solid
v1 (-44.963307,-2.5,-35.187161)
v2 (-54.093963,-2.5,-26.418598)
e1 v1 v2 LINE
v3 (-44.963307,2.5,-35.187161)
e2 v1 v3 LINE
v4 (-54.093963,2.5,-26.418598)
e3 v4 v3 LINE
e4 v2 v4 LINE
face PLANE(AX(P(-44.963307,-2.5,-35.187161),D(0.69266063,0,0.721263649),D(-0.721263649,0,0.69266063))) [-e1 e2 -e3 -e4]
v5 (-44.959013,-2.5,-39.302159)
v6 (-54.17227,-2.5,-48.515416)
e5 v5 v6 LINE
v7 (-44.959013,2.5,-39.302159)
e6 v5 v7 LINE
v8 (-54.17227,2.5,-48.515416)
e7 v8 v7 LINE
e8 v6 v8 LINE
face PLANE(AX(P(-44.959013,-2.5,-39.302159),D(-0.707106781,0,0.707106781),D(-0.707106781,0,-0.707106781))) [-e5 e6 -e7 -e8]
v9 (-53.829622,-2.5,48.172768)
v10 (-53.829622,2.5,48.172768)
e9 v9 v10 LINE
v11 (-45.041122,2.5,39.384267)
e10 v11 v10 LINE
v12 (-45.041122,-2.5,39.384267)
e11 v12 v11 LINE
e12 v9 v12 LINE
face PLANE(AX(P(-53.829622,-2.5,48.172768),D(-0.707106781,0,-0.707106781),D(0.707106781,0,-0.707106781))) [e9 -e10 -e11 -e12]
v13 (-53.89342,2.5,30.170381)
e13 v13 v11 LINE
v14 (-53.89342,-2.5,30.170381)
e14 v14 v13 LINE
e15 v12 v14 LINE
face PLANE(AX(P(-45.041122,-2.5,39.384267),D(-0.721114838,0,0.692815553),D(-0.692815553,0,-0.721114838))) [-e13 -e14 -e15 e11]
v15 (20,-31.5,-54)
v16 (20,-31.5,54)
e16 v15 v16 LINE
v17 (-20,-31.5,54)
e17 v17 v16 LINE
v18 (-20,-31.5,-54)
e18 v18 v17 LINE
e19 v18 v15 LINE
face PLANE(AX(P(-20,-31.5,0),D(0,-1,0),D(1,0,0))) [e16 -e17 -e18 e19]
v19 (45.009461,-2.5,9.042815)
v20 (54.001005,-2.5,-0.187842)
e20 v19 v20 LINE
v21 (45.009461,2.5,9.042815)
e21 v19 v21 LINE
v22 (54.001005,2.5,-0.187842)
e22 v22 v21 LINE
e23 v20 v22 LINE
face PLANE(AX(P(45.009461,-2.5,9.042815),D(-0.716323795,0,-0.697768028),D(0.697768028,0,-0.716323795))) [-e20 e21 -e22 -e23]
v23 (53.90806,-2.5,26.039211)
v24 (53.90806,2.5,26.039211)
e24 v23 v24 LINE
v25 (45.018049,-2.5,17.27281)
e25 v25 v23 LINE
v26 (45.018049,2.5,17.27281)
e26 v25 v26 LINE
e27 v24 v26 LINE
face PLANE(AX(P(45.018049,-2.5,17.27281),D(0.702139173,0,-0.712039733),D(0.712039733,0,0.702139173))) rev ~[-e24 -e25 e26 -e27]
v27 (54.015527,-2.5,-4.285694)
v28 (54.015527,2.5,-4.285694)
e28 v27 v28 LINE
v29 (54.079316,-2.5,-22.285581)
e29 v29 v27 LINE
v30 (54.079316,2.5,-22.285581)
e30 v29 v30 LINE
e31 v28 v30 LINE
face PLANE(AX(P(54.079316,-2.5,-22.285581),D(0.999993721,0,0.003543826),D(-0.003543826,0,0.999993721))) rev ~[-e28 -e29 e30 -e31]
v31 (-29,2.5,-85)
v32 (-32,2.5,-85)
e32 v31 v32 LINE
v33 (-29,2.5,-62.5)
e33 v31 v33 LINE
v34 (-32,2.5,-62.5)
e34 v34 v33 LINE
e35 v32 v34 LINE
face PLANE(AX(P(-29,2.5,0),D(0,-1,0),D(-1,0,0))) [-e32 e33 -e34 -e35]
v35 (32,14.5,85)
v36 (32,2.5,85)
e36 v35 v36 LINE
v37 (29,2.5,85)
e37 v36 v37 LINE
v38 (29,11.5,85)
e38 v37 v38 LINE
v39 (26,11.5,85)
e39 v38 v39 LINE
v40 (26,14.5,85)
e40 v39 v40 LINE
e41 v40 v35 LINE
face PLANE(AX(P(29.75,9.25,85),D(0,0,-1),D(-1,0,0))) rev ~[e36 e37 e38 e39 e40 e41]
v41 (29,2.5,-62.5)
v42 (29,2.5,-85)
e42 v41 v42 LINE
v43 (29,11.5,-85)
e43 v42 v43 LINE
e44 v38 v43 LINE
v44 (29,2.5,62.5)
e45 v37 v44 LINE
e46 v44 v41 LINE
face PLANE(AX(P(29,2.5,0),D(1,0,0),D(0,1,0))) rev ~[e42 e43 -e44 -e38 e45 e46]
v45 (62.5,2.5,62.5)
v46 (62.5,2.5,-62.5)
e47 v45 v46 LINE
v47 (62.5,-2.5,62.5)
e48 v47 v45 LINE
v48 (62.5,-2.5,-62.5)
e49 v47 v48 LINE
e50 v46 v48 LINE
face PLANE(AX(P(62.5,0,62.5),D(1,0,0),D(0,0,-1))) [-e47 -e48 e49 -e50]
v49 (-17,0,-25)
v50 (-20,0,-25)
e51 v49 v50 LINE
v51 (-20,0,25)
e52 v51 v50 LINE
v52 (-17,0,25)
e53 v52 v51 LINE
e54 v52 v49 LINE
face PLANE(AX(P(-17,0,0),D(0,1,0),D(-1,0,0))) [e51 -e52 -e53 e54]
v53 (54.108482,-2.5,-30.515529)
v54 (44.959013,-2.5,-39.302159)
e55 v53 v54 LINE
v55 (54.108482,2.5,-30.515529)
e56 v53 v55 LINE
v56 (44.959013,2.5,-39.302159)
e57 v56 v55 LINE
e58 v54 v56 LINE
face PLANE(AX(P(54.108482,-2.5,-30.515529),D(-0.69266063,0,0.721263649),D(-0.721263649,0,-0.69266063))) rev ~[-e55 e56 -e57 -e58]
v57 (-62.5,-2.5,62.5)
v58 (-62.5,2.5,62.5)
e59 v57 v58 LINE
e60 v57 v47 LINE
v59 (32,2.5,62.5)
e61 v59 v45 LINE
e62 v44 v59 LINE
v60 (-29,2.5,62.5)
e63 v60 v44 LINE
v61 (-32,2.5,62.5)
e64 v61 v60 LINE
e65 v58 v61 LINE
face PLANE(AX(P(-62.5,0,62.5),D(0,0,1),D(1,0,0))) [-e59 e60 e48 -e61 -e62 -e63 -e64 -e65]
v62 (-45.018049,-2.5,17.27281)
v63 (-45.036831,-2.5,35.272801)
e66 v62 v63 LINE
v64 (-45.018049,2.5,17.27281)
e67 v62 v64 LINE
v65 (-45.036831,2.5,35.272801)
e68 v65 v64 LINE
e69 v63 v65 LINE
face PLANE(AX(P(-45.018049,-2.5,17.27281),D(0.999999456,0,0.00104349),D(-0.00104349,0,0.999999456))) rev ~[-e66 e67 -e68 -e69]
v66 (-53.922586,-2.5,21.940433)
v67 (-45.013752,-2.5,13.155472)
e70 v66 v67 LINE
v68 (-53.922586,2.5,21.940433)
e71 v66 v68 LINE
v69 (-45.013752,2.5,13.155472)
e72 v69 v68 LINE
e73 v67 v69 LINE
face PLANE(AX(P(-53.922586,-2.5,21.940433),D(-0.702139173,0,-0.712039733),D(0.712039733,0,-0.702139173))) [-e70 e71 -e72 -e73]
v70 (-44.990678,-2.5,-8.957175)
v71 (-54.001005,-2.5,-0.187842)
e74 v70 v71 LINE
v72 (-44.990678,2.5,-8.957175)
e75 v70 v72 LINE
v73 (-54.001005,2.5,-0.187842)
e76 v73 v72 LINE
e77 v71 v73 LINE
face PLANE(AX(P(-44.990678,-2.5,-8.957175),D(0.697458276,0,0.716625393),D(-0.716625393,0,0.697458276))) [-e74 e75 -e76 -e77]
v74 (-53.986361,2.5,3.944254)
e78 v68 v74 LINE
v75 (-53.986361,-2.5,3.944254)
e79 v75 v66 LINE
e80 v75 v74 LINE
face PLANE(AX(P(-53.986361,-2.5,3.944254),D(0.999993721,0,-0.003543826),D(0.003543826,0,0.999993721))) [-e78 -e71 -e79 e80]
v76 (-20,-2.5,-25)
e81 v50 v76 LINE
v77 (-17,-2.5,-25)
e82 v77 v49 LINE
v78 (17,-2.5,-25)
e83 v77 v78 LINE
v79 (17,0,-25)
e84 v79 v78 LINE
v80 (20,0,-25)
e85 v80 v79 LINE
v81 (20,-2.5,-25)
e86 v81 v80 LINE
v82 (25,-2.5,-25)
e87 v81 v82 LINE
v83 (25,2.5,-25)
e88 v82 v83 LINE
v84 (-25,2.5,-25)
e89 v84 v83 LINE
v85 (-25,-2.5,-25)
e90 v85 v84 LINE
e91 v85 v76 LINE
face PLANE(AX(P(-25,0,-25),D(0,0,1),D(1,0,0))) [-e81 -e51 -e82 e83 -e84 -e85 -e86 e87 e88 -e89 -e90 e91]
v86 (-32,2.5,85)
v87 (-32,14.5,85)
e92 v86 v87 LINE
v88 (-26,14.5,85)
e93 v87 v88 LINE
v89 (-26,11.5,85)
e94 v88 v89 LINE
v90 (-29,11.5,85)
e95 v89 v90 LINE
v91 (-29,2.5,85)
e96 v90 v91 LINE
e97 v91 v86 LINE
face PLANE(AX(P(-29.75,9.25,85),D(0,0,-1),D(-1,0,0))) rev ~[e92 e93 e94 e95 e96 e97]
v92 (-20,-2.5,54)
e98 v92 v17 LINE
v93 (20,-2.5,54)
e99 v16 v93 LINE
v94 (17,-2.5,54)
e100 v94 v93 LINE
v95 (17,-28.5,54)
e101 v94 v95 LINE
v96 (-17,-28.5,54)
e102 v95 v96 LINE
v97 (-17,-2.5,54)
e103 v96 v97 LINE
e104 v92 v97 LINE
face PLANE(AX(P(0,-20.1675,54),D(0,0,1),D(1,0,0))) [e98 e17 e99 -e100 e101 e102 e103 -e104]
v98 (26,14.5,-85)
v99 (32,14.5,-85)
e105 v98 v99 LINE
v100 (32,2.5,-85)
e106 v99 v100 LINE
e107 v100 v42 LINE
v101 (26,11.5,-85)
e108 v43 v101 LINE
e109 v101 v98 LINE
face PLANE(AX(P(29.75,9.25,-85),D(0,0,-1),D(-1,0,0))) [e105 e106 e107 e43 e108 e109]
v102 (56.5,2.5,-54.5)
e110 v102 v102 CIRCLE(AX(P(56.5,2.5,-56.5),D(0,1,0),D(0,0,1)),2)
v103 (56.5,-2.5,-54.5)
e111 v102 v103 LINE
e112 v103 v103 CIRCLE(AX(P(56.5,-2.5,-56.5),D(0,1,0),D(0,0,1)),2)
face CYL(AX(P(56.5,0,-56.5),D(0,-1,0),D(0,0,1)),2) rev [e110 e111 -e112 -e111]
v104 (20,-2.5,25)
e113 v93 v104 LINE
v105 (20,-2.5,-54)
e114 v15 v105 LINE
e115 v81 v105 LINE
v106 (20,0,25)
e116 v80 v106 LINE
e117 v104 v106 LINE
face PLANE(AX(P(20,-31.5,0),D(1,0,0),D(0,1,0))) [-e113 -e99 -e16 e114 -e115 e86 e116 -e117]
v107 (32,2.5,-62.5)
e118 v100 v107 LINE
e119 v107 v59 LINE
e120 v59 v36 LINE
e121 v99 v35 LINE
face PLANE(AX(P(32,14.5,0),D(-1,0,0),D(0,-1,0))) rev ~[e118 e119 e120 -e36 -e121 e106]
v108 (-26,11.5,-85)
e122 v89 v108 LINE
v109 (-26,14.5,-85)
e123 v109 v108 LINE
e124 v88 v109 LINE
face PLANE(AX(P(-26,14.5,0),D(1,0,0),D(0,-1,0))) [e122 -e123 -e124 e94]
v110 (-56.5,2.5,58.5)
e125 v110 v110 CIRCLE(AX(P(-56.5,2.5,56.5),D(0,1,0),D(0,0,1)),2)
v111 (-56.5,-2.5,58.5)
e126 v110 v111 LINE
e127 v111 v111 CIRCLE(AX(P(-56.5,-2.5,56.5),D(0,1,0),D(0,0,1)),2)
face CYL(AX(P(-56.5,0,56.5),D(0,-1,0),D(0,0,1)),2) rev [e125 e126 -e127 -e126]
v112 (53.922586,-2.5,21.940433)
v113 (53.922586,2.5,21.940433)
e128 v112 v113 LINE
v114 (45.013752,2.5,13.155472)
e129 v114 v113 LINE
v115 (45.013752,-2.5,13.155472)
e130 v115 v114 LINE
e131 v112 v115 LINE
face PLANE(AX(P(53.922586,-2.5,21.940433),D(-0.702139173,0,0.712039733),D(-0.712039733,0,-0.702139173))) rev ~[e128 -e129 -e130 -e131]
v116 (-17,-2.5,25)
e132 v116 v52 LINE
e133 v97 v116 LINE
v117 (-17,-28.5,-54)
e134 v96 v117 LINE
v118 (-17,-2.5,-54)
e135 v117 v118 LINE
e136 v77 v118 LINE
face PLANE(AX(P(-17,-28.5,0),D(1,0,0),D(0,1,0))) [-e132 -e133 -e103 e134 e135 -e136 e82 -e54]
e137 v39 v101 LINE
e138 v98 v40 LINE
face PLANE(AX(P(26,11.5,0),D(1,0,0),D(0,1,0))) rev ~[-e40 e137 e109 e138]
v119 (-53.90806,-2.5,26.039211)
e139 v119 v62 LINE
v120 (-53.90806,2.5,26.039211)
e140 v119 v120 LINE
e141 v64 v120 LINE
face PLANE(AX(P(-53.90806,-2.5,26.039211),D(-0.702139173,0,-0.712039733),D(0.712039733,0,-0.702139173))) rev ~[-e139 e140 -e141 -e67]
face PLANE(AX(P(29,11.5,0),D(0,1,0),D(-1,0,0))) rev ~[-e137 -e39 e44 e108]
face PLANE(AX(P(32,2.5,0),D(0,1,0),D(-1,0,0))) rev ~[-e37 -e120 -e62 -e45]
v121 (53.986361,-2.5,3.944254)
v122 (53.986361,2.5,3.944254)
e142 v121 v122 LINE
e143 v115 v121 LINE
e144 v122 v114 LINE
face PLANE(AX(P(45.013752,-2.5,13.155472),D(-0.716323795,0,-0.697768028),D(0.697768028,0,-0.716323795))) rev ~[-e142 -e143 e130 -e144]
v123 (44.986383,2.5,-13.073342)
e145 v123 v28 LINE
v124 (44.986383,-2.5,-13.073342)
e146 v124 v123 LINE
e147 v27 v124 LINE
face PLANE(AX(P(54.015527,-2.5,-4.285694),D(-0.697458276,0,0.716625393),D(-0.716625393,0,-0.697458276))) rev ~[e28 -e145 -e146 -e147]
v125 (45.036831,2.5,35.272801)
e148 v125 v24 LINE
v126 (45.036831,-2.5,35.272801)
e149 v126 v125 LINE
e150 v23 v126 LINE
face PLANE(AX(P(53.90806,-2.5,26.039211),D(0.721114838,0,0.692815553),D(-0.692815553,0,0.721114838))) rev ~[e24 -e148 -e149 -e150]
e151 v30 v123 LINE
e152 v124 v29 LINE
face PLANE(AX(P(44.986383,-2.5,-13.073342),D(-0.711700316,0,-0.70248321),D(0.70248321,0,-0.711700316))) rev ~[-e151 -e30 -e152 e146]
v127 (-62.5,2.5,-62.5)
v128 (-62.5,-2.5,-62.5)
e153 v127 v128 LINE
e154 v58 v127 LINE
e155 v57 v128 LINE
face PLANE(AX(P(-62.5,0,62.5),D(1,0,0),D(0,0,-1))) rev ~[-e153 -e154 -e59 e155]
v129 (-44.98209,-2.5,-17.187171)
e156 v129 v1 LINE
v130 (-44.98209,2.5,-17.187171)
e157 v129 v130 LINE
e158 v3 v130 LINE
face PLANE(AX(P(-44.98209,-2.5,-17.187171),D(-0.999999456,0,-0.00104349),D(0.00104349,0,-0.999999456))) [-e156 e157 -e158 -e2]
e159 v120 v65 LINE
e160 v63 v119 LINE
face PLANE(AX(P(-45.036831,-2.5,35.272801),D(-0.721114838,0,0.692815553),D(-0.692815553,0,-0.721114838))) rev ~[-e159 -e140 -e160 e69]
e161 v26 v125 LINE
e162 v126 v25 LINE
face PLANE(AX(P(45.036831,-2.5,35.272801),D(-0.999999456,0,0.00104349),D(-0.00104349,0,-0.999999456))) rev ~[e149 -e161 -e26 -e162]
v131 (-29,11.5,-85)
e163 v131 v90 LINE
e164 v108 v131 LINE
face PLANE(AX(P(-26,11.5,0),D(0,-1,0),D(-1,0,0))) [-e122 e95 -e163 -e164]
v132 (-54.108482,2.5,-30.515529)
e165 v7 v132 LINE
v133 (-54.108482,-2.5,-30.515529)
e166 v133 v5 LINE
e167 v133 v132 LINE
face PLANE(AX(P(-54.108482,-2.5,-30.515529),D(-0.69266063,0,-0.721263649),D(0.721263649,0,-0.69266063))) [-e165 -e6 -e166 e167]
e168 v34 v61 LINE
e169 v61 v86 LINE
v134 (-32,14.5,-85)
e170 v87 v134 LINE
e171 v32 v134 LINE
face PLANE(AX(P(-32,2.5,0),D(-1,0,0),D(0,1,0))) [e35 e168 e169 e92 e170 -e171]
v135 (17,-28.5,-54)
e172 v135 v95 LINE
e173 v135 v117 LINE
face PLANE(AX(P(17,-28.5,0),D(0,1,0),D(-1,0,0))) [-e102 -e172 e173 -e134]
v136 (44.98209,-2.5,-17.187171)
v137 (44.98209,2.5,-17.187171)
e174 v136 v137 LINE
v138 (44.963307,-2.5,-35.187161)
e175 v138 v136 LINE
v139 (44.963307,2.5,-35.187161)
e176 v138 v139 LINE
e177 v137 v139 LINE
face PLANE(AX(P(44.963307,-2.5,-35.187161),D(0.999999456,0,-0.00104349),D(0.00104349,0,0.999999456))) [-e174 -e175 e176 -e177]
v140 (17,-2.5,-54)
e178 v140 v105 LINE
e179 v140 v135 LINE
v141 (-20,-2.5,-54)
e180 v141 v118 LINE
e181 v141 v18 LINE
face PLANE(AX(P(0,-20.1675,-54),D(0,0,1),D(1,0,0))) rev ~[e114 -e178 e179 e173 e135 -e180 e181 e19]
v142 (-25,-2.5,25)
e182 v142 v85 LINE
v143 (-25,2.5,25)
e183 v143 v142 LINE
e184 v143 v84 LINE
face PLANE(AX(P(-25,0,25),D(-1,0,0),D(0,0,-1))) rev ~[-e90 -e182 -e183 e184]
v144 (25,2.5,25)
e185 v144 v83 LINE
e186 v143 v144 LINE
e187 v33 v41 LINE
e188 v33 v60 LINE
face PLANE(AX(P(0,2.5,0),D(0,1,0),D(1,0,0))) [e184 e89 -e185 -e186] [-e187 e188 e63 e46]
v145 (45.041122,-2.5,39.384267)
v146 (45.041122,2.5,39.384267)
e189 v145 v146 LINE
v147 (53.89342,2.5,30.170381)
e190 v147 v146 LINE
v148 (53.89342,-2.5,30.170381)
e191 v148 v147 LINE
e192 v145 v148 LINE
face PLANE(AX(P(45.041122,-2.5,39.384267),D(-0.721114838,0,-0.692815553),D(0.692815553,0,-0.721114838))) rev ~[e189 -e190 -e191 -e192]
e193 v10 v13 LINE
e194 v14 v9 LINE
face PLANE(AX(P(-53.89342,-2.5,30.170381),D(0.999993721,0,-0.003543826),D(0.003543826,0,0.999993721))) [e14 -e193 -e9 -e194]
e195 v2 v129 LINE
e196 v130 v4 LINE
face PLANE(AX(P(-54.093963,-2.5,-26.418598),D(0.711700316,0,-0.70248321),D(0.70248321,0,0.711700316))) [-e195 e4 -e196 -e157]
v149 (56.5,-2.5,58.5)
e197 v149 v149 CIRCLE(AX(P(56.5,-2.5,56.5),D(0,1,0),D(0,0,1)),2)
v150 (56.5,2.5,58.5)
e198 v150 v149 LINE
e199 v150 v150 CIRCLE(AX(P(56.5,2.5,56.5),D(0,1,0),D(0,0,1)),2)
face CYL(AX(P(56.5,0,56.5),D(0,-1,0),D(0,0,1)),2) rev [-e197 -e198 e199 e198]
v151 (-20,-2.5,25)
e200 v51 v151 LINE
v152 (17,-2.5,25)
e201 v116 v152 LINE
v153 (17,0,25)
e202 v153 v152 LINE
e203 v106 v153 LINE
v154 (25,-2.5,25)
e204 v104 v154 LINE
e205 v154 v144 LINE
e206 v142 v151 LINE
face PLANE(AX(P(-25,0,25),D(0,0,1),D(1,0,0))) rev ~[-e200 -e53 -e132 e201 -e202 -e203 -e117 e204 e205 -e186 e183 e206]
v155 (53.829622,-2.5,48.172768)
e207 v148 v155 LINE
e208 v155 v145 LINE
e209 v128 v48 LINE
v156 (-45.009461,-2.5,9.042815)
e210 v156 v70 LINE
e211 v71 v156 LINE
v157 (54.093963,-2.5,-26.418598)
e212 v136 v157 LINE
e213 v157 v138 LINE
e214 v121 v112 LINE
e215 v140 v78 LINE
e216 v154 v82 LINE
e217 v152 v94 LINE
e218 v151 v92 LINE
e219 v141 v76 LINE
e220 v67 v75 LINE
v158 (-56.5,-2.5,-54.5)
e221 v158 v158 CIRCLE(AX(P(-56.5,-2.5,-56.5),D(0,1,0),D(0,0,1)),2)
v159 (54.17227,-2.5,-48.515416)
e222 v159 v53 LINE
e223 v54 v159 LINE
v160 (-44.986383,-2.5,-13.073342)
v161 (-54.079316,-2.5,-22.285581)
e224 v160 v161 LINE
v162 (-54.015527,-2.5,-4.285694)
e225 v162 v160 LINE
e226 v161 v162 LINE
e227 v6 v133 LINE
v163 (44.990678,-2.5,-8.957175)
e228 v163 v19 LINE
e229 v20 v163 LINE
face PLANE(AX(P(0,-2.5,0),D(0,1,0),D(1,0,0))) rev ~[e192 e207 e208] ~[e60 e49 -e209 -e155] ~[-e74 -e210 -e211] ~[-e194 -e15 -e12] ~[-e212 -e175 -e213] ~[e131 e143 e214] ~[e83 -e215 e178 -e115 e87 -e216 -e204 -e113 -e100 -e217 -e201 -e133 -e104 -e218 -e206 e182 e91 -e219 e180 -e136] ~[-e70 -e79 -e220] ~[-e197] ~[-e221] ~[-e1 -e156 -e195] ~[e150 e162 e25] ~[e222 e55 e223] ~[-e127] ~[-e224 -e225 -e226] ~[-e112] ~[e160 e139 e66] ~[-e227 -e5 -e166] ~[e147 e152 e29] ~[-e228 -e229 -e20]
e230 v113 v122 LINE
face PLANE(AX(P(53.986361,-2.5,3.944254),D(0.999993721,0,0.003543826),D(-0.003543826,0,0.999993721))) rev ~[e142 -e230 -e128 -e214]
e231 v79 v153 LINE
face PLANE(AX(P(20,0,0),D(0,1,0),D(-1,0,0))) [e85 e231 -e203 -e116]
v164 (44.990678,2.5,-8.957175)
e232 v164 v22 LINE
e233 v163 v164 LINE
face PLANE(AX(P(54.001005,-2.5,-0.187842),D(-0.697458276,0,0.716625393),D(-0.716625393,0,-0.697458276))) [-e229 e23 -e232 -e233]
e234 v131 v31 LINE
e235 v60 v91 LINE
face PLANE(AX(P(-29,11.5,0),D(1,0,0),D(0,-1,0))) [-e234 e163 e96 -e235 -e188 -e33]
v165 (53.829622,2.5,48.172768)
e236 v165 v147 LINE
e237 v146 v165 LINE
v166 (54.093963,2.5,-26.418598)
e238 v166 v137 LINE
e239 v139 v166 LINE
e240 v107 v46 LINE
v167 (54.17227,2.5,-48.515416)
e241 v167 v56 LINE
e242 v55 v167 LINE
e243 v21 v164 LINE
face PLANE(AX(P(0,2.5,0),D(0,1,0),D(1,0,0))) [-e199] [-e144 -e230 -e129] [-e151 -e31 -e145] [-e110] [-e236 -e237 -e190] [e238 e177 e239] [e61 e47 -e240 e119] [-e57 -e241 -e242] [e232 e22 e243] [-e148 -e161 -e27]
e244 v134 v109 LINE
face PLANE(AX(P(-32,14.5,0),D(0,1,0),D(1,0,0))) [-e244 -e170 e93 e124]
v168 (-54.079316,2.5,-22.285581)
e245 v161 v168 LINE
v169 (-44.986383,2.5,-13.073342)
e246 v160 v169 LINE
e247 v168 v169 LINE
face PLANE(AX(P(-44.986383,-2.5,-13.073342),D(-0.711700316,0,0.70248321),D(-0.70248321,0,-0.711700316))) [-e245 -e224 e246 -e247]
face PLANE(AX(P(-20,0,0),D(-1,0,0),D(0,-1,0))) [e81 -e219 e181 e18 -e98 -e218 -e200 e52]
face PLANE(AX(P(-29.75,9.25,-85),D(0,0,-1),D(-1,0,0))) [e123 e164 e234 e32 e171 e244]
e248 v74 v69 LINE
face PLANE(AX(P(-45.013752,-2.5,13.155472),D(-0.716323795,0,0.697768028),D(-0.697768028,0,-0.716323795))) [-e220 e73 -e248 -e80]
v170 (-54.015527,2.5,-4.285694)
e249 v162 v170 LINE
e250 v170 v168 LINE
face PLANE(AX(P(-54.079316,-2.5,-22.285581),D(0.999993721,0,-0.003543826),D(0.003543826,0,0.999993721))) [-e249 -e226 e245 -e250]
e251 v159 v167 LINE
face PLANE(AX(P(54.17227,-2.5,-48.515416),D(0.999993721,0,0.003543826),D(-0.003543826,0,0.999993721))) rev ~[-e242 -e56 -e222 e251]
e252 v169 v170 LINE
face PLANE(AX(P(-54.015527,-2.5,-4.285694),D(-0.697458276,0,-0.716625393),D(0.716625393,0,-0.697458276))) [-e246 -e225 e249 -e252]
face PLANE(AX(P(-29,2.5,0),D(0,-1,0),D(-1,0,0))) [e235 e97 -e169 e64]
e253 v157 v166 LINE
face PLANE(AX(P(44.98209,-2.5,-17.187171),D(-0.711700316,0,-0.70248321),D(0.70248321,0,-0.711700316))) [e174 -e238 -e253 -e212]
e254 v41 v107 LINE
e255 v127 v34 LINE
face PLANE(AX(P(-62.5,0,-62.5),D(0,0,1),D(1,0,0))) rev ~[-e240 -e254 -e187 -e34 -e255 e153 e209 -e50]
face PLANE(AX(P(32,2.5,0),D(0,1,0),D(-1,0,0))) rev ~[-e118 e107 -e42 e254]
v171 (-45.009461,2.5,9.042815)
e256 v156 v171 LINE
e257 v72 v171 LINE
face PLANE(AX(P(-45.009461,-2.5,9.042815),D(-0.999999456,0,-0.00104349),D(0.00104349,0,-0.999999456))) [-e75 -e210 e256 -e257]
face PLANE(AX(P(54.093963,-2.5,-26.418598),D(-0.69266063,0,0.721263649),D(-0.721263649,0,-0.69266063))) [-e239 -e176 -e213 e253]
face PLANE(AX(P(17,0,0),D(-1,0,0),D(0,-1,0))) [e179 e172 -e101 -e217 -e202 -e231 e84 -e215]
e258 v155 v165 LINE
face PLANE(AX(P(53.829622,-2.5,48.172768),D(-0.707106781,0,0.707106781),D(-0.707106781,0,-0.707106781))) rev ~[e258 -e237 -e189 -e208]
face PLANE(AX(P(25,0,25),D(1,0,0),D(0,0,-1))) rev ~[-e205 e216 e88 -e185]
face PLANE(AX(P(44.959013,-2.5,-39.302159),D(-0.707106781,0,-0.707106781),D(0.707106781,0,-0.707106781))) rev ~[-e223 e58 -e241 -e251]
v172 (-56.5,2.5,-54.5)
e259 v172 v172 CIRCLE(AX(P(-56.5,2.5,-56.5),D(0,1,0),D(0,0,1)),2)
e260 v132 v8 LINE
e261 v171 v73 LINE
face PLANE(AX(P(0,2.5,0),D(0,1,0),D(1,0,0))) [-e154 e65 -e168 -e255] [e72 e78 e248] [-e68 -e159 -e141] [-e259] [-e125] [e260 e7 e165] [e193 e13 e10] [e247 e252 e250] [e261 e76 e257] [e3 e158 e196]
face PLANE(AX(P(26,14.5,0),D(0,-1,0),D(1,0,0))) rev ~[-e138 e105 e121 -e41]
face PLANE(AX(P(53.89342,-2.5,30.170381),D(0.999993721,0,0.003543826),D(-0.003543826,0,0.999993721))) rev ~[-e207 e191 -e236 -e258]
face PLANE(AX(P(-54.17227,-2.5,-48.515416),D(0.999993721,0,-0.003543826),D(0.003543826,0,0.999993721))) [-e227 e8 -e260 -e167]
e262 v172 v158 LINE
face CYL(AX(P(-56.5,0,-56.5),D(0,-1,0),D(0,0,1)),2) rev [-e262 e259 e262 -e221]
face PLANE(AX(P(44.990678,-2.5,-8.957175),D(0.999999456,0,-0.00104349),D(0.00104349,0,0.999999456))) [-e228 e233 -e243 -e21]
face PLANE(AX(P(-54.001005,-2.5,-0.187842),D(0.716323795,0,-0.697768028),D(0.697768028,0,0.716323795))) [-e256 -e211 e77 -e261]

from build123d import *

# Parameters (mm, degrees)
SKETCH_2_W               = 125
SKETCH_2_H               = 125
SKETCH_2_R               = 2
SKETCH_2_W_2             = 50
SKETCH_2_H_2             = 50
EXTRUDE_1_DEPTH          = 2.5
EXTRUDE_4_DEPTH          = 54
CUT_EXTRUDE_2_DEPTH      = 95.702164706
CUT_EXTRUDE_2_DEPTH_BACK = 5
EXTRUDE_7_DEPTH          = 85


with BuildPart() as part:
    # 스케치2 → 보스-돌출1 (new, symmetric)
    with BuildSketch(Plane(origin=(0, 0, 0), x_dir=(1, 0, 0), z_dir=(0, 1, 0))):
        Rectangle(SKETCH_2_W, SKETCH_2_H)
        with Locations((-56.5, 56.5)):
            Circle(SKETCH_2_R, mode=Mode.SUBTRACT)
        with Locations((56.5, 56.5)):
            Circle(SKETCH_2_R, mode=Mode.SUBTRACT)
        with Locations((-56.5, -56.5)):
            Circle(SKETCH_2_R, mode=Mode.SUBTRACT)
        with Locations((56.5, -56.5)):
            Circle(SKETCH_2_R, mode=Mode.SUBTRACT)
        Rectangle(SKETCH_2_W_2, SKETCH_2_H_2, mode=Mode.SUBTRACT)
    extrude(amount=EXTRUDE_1_DEPTH, both=True)

    # 스케치6 → 보스-돌출4 (add, symmetric)
    with BuildSketch(Plane.XY):
        Polygon((-20, 0), (-20, -31.5), (20, -31.5), (20, 0), (17, 0), (17, -28.5), (-17, -28.5), (-17, 0), align=None)
    extrude(amount=EXTRUDE_4_DEPTH, both=True)

    # 스케치8 → 컷-돌출2 (cut, two sides: drawn at the far end of the back side and taken through both)
    with BuildSketch(Plane(origin=(0, 2.5, 0), x_dir=(1, 0, 0), z_dir=(0, 1, 0)).offset(-CUT_EXTRUDE_2_DEPTH_BACK)):
        Polygon((54.07931581, 22.285580831), (54.015526938, 4.28569386), (44.986382589, 13.073341514), align=None)
        Polygon((53.829622097, -48.172767848), (45.041121619, -39.384267369), (53.893419828, -30.170381277), align=None)
        Polygon((45.036831341, -35.272800588), (45.018048518, -17.272810388), (53.90806007, -26.039210725), align=None)
        Polygon((44.95901306, 39.30215881), (54.172270373, 48.515416123), (54.1084815, 30.515529152), align=None)
        Polygon((53.922585518, -21.940432956), (45.013752114, -13.155472476), (53.986361248, -3.944254461), align=None)
        Polygon((45.009460593, -9.042814869), (54.001004771, 0.18784173), (44.99067777, 8.957175331), align=None)
        Polygon((44.982089846, 17.187170851), (54.093962598, 26.418598199), (44.963307022, 35.187161051), align=None)
        Polygon((-53.893419828, -30.170381277), (-53.829622097, -48.172767848), (-45.041121619, -39.384267369), align=None)
        Polygon((-45.009460593, -9.042814869), (-44.99067777, 8.957175331), (-54.001004771, 0.18784173), align=None)
        Polygon((-53.986361248, -3.944254461), (-53.922585518, -21.940432956), (-45.013752114, -13.155472476), align=None)
        Polygon((-44.982089846, 17.187170851), (-44.963307022, 35.187161051), (-54.093962598, 26.418598199), align=None)
        Polygon((-54.1084815, 30.515529152), (-44.95901306, 39.30215881), (-54.172270373, 48.515416123), align=None)
        Polygon((-44.986382589, 13.073341514), (-54.07931581, 22.285580831), (-54.015526938, 4.28569386), align=None)
        Polygon((-53.90806007, -26.039210725), (-45.018048518, -17.272810388), (-45.036831341, -35.272800588), align=None)
    extrude(amount=CUT_EXTRUDE_2_DEPTH + CUT_EXTRUDE_2_DEPTH_BACK, mode=Mode.SUBTRACT)

    # 스케치11 → 보스-돌출7 (add, symmetric)
    with BuildSketch(Plane.XY):
        Polygon((-32, 2.5), (-32, 14.5), (-26, 14.5), (-26, 11.5), (-29, 11.5), (-29, 2.5), align=None)
        Polygon((32, 2.5), (29, 2.5), (29, 11.5), (26, 11.5), (26, 14.5), (32, 14.5), align=None)
    extrude(amount=EXTRUDE_7_DEPTH, both=True)


solid = part.part
